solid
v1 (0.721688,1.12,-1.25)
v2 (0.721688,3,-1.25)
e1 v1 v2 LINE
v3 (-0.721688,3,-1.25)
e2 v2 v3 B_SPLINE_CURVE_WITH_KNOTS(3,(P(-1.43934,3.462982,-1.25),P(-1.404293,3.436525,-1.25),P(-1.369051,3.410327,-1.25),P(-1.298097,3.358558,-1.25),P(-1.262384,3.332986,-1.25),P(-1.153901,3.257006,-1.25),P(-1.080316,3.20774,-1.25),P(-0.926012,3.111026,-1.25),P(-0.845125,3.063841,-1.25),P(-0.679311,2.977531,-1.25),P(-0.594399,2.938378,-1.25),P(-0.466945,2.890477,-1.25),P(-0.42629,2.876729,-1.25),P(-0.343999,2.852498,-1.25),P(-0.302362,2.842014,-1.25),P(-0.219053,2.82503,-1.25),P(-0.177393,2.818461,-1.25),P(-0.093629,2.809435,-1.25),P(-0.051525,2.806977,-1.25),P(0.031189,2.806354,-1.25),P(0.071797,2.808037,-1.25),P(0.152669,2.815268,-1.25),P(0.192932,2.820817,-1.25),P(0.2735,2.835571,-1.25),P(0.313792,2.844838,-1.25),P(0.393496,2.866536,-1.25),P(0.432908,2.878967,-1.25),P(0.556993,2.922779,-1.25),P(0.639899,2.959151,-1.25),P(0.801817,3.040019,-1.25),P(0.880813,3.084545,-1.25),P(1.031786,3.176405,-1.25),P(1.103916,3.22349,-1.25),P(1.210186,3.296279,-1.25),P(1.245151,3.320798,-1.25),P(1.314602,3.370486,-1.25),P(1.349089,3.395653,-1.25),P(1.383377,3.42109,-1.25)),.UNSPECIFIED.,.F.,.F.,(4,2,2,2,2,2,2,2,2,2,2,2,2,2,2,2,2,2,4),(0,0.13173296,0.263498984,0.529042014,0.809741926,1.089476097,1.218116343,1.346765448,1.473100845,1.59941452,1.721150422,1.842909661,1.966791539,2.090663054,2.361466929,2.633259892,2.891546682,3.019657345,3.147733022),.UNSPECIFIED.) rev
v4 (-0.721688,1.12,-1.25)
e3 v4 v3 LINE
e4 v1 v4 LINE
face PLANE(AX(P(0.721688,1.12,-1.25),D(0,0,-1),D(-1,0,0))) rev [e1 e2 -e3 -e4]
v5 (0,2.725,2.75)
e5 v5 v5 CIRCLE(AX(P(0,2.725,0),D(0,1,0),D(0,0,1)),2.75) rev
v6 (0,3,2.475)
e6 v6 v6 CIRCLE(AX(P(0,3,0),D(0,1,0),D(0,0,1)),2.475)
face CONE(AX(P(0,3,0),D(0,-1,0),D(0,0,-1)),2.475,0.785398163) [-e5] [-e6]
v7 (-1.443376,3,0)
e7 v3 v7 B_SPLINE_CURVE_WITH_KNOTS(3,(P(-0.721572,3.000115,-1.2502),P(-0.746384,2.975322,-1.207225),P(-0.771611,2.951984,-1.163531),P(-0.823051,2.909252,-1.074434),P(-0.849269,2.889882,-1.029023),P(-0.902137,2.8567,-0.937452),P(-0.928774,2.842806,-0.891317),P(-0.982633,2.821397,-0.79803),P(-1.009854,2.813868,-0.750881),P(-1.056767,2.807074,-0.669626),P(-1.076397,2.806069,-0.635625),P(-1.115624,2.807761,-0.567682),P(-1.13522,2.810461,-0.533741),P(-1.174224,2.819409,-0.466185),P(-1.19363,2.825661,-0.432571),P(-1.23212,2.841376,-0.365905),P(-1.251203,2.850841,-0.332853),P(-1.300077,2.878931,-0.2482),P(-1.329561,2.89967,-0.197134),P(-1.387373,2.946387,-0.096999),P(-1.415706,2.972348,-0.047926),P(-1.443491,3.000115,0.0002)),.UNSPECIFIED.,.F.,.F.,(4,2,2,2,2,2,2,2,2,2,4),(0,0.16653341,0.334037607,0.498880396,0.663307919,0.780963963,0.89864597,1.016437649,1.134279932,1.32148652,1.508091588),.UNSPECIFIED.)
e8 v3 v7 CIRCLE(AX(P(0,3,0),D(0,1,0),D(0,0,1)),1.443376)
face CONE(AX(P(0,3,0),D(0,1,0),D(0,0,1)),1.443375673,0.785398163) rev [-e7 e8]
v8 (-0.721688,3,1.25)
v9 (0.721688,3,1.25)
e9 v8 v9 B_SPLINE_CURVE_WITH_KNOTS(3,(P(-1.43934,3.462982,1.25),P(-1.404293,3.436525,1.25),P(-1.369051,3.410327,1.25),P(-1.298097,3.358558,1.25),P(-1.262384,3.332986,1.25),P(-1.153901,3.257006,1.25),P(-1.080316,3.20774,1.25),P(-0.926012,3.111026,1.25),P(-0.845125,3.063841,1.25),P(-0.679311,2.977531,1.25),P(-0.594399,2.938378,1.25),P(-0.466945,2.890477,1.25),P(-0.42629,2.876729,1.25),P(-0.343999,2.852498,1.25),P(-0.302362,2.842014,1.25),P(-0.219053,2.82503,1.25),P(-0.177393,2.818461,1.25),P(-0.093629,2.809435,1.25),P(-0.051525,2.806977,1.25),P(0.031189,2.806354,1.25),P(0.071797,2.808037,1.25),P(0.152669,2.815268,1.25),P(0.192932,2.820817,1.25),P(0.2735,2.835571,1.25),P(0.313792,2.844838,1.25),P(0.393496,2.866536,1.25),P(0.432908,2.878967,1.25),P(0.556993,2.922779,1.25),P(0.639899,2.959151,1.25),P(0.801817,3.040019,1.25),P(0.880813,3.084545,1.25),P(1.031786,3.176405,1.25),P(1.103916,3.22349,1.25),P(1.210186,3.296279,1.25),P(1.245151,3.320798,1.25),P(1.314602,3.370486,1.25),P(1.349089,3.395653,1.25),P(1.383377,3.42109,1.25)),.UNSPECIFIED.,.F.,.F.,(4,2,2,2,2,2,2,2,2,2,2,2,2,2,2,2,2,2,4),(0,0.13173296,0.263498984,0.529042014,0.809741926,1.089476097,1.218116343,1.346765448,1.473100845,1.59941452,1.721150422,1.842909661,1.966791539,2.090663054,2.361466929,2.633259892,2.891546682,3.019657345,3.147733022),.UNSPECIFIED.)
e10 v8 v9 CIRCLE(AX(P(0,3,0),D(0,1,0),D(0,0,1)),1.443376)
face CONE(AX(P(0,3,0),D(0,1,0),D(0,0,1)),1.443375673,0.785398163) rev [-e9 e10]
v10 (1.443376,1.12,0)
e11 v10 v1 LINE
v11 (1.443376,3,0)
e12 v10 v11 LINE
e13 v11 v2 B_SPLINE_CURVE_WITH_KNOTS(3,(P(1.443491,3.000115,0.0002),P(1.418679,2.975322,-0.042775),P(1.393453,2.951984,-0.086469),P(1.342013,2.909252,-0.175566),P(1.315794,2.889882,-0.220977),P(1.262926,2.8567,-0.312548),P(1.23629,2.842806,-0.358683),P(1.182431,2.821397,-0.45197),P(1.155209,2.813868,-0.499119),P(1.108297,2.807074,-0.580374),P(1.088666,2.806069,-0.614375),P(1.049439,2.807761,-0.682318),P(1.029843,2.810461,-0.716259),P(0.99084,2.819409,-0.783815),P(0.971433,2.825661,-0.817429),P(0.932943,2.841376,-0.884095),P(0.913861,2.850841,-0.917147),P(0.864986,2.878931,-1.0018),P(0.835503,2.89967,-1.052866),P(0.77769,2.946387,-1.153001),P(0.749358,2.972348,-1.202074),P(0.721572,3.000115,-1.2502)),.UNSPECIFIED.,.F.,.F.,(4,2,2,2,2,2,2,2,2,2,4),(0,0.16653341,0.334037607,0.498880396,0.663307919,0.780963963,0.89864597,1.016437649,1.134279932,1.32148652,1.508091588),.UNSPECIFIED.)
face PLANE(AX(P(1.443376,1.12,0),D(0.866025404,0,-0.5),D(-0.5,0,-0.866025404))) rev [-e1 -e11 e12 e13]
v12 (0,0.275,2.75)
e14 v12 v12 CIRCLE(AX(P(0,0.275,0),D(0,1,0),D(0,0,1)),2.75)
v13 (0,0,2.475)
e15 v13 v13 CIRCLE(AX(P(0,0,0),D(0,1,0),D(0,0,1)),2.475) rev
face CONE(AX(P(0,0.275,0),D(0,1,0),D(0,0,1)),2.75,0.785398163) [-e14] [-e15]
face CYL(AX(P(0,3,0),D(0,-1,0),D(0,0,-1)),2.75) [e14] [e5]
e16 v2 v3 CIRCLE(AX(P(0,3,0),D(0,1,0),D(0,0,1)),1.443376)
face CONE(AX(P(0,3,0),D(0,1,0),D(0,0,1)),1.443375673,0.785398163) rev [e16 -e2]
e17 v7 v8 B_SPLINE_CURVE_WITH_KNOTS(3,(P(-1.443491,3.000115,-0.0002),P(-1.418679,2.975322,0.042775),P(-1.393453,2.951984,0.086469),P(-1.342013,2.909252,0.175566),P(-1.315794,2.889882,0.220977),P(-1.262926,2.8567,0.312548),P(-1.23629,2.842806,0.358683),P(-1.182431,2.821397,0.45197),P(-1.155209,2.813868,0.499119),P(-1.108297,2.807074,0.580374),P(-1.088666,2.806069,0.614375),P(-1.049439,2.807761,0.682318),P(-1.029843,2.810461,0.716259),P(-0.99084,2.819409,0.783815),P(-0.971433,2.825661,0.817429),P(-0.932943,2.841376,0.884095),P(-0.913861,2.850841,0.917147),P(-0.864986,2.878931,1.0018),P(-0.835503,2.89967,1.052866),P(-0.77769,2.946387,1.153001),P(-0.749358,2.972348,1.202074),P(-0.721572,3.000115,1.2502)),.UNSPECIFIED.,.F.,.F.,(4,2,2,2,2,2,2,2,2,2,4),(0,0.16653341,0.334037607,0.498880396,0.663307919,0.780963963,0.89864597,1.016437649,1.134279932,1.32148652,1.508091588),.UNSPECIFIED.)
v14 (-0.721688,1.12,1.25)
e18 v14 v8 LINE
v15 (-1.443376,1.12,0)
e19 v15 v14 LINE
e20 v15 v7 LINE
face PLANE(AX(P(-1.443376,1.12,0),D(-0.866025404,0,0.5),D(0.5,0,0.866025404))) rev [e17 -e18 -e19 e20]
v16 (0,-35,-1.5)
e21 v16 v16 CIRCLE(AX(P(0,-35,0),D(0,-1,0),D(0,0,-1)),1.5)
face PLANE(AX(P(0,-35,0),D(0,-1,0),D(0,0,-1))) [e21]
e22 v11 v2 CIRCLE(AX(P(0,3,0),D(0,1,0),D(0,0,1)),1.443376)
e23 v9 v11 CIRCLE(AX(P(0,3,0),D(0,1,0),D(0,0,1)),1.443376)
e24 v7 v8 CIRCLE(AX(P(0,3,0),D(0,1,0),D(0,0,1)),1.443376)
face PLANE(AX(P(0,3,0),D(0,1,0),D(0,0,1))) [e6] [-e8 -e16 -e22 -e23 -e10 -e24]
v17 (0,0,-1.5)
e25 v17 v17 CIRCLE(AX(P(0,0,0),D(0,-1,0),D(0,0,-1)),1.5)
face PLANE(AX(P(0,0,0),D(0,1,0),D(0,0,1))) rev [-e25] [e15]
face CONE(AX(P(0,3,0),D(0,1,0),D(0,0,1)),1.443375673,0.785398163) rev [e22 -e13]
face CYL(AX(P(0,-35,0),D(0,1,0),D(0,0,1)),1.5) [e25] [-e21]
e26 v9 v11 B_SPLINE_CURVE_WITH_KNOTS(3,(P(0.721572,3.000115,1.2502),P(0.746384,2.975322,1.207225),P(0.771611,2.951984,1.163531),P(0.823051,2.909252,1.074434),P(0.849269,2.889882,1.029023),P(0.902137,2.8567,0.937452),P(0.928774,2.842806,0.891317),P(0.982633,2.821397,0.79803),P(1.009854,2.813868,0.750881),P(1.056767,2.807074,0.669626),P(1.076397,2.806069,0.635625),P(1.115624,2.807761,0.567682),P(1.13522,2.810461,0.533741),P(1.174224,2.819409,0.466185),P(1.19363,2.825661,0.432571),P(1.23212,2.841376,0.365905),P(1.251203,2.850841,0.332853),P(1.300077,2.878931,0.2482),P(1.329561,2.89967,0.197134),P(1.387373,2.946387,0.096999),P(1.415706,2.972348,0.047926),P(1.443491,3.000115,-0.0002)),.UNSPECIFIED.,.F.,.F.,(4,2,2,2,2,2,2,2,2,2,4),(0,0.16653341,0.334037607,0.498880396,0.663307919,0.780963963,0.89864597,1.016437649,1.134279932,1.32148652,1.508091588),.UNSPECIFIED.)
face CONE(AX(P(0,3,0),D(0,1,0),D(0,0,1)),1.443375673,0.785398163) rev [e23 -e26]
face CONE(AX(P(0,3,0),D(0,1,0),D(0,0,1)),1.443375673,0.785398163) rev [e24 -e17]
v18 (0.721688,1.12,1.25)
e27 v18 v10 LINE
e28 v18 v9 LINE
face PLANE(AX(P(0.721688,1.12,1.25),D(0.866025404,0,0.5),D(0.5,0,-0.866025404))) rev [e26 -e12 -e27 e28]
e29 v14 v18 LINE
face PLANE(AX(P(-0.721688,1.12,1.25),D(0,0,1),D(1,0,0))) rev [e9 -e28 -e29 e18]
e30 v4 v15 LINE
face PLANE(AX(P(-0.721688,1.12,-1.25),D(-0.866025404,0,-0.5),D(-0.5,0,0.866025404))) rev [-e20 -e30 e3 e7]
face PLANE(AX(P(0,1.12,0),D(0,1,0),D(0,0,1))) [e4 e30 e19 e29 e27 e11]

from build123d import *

# Parameters (mm, degrees)
SKETCH1_R           = 2.75
BOSS_EXTRUDE1_DEPTH = 3
CUT_EXTRUDE1_DEPTH  = 1.88
CHAMFER1_SIZE       = 0.275
SKETCH_1_R          = 1.5
EXTRUDE_1_DEPTH     = 35


with BuildPart() as part:
    # Sketch1 → Boss-Extrude1 (new body)
    with BuildSketch(Plane(origin=(0, 0, 0), x_dir=(1, 0, 0), z_dir=(0, 1, 0))):
        with Locations(Location((0, 0, 0), (0, 0, 270))):
            Circle(SKETCH1_R)
    extrude(amount=BOSS_EXTRUDE1_DEPTH)

    # Sketch2 → Cut-Extrude1 (cut)
    with BuildSketch(Plane(origin=(0, 3, 0), x_dir=(1, 0, 0), z_dir=(0, 1, 0))):
        Polygon((0.721687836, 1.25), (-0.721687836, 1.25), (-1.443375673, 0), (-0.721687836, -1.25), (0.721687836, -1.25), (1.443375673, 0), align=None)
    extrude(amount=-CUT_EXTRUDE1_DEPTH, mode=Mode.SUBTRACT)

    # Cut-Extrude2 cone 1 section (through the dimple's axis) → Cut-Extrude2 (revolve, cut)
    with BuildSketch(Plane(origin=(0, 3, 0), x_dir=(0, 0, 1), z_dir=(1, 0, 0))):
        Polygon((0, 0), (1.443375673, 0), (0, 1.443375673), align=None)
    revolve(axis=Axis((0, 3, 0), (0, -1, 0)), mode=Mode.SUBTRACT)

    # Chamfer1
    chamfer1_edges = [part.edges().sort_by_distance(p)[0] for p in [
        (0, 0, -2.75),
        (0, 3, -2.75),
    ]]
    chamfer(chamfer1_edges, length=CHAMFER1_SIZE)

    # 草图1 → 凸台-拉伸1 (add)
    with BuildSketch(Plane(origin=(0, 0, 0), x_dir=(-1, 0, 0), z_dir=(0, -1, 0))):
        with Locations(Location((0, 0, 0), (0, 0, 90))):
            Circle(SKETCH_1_R)
    extrude(amount=EXTRUDE_1_DEPTH)


solid = part.part
